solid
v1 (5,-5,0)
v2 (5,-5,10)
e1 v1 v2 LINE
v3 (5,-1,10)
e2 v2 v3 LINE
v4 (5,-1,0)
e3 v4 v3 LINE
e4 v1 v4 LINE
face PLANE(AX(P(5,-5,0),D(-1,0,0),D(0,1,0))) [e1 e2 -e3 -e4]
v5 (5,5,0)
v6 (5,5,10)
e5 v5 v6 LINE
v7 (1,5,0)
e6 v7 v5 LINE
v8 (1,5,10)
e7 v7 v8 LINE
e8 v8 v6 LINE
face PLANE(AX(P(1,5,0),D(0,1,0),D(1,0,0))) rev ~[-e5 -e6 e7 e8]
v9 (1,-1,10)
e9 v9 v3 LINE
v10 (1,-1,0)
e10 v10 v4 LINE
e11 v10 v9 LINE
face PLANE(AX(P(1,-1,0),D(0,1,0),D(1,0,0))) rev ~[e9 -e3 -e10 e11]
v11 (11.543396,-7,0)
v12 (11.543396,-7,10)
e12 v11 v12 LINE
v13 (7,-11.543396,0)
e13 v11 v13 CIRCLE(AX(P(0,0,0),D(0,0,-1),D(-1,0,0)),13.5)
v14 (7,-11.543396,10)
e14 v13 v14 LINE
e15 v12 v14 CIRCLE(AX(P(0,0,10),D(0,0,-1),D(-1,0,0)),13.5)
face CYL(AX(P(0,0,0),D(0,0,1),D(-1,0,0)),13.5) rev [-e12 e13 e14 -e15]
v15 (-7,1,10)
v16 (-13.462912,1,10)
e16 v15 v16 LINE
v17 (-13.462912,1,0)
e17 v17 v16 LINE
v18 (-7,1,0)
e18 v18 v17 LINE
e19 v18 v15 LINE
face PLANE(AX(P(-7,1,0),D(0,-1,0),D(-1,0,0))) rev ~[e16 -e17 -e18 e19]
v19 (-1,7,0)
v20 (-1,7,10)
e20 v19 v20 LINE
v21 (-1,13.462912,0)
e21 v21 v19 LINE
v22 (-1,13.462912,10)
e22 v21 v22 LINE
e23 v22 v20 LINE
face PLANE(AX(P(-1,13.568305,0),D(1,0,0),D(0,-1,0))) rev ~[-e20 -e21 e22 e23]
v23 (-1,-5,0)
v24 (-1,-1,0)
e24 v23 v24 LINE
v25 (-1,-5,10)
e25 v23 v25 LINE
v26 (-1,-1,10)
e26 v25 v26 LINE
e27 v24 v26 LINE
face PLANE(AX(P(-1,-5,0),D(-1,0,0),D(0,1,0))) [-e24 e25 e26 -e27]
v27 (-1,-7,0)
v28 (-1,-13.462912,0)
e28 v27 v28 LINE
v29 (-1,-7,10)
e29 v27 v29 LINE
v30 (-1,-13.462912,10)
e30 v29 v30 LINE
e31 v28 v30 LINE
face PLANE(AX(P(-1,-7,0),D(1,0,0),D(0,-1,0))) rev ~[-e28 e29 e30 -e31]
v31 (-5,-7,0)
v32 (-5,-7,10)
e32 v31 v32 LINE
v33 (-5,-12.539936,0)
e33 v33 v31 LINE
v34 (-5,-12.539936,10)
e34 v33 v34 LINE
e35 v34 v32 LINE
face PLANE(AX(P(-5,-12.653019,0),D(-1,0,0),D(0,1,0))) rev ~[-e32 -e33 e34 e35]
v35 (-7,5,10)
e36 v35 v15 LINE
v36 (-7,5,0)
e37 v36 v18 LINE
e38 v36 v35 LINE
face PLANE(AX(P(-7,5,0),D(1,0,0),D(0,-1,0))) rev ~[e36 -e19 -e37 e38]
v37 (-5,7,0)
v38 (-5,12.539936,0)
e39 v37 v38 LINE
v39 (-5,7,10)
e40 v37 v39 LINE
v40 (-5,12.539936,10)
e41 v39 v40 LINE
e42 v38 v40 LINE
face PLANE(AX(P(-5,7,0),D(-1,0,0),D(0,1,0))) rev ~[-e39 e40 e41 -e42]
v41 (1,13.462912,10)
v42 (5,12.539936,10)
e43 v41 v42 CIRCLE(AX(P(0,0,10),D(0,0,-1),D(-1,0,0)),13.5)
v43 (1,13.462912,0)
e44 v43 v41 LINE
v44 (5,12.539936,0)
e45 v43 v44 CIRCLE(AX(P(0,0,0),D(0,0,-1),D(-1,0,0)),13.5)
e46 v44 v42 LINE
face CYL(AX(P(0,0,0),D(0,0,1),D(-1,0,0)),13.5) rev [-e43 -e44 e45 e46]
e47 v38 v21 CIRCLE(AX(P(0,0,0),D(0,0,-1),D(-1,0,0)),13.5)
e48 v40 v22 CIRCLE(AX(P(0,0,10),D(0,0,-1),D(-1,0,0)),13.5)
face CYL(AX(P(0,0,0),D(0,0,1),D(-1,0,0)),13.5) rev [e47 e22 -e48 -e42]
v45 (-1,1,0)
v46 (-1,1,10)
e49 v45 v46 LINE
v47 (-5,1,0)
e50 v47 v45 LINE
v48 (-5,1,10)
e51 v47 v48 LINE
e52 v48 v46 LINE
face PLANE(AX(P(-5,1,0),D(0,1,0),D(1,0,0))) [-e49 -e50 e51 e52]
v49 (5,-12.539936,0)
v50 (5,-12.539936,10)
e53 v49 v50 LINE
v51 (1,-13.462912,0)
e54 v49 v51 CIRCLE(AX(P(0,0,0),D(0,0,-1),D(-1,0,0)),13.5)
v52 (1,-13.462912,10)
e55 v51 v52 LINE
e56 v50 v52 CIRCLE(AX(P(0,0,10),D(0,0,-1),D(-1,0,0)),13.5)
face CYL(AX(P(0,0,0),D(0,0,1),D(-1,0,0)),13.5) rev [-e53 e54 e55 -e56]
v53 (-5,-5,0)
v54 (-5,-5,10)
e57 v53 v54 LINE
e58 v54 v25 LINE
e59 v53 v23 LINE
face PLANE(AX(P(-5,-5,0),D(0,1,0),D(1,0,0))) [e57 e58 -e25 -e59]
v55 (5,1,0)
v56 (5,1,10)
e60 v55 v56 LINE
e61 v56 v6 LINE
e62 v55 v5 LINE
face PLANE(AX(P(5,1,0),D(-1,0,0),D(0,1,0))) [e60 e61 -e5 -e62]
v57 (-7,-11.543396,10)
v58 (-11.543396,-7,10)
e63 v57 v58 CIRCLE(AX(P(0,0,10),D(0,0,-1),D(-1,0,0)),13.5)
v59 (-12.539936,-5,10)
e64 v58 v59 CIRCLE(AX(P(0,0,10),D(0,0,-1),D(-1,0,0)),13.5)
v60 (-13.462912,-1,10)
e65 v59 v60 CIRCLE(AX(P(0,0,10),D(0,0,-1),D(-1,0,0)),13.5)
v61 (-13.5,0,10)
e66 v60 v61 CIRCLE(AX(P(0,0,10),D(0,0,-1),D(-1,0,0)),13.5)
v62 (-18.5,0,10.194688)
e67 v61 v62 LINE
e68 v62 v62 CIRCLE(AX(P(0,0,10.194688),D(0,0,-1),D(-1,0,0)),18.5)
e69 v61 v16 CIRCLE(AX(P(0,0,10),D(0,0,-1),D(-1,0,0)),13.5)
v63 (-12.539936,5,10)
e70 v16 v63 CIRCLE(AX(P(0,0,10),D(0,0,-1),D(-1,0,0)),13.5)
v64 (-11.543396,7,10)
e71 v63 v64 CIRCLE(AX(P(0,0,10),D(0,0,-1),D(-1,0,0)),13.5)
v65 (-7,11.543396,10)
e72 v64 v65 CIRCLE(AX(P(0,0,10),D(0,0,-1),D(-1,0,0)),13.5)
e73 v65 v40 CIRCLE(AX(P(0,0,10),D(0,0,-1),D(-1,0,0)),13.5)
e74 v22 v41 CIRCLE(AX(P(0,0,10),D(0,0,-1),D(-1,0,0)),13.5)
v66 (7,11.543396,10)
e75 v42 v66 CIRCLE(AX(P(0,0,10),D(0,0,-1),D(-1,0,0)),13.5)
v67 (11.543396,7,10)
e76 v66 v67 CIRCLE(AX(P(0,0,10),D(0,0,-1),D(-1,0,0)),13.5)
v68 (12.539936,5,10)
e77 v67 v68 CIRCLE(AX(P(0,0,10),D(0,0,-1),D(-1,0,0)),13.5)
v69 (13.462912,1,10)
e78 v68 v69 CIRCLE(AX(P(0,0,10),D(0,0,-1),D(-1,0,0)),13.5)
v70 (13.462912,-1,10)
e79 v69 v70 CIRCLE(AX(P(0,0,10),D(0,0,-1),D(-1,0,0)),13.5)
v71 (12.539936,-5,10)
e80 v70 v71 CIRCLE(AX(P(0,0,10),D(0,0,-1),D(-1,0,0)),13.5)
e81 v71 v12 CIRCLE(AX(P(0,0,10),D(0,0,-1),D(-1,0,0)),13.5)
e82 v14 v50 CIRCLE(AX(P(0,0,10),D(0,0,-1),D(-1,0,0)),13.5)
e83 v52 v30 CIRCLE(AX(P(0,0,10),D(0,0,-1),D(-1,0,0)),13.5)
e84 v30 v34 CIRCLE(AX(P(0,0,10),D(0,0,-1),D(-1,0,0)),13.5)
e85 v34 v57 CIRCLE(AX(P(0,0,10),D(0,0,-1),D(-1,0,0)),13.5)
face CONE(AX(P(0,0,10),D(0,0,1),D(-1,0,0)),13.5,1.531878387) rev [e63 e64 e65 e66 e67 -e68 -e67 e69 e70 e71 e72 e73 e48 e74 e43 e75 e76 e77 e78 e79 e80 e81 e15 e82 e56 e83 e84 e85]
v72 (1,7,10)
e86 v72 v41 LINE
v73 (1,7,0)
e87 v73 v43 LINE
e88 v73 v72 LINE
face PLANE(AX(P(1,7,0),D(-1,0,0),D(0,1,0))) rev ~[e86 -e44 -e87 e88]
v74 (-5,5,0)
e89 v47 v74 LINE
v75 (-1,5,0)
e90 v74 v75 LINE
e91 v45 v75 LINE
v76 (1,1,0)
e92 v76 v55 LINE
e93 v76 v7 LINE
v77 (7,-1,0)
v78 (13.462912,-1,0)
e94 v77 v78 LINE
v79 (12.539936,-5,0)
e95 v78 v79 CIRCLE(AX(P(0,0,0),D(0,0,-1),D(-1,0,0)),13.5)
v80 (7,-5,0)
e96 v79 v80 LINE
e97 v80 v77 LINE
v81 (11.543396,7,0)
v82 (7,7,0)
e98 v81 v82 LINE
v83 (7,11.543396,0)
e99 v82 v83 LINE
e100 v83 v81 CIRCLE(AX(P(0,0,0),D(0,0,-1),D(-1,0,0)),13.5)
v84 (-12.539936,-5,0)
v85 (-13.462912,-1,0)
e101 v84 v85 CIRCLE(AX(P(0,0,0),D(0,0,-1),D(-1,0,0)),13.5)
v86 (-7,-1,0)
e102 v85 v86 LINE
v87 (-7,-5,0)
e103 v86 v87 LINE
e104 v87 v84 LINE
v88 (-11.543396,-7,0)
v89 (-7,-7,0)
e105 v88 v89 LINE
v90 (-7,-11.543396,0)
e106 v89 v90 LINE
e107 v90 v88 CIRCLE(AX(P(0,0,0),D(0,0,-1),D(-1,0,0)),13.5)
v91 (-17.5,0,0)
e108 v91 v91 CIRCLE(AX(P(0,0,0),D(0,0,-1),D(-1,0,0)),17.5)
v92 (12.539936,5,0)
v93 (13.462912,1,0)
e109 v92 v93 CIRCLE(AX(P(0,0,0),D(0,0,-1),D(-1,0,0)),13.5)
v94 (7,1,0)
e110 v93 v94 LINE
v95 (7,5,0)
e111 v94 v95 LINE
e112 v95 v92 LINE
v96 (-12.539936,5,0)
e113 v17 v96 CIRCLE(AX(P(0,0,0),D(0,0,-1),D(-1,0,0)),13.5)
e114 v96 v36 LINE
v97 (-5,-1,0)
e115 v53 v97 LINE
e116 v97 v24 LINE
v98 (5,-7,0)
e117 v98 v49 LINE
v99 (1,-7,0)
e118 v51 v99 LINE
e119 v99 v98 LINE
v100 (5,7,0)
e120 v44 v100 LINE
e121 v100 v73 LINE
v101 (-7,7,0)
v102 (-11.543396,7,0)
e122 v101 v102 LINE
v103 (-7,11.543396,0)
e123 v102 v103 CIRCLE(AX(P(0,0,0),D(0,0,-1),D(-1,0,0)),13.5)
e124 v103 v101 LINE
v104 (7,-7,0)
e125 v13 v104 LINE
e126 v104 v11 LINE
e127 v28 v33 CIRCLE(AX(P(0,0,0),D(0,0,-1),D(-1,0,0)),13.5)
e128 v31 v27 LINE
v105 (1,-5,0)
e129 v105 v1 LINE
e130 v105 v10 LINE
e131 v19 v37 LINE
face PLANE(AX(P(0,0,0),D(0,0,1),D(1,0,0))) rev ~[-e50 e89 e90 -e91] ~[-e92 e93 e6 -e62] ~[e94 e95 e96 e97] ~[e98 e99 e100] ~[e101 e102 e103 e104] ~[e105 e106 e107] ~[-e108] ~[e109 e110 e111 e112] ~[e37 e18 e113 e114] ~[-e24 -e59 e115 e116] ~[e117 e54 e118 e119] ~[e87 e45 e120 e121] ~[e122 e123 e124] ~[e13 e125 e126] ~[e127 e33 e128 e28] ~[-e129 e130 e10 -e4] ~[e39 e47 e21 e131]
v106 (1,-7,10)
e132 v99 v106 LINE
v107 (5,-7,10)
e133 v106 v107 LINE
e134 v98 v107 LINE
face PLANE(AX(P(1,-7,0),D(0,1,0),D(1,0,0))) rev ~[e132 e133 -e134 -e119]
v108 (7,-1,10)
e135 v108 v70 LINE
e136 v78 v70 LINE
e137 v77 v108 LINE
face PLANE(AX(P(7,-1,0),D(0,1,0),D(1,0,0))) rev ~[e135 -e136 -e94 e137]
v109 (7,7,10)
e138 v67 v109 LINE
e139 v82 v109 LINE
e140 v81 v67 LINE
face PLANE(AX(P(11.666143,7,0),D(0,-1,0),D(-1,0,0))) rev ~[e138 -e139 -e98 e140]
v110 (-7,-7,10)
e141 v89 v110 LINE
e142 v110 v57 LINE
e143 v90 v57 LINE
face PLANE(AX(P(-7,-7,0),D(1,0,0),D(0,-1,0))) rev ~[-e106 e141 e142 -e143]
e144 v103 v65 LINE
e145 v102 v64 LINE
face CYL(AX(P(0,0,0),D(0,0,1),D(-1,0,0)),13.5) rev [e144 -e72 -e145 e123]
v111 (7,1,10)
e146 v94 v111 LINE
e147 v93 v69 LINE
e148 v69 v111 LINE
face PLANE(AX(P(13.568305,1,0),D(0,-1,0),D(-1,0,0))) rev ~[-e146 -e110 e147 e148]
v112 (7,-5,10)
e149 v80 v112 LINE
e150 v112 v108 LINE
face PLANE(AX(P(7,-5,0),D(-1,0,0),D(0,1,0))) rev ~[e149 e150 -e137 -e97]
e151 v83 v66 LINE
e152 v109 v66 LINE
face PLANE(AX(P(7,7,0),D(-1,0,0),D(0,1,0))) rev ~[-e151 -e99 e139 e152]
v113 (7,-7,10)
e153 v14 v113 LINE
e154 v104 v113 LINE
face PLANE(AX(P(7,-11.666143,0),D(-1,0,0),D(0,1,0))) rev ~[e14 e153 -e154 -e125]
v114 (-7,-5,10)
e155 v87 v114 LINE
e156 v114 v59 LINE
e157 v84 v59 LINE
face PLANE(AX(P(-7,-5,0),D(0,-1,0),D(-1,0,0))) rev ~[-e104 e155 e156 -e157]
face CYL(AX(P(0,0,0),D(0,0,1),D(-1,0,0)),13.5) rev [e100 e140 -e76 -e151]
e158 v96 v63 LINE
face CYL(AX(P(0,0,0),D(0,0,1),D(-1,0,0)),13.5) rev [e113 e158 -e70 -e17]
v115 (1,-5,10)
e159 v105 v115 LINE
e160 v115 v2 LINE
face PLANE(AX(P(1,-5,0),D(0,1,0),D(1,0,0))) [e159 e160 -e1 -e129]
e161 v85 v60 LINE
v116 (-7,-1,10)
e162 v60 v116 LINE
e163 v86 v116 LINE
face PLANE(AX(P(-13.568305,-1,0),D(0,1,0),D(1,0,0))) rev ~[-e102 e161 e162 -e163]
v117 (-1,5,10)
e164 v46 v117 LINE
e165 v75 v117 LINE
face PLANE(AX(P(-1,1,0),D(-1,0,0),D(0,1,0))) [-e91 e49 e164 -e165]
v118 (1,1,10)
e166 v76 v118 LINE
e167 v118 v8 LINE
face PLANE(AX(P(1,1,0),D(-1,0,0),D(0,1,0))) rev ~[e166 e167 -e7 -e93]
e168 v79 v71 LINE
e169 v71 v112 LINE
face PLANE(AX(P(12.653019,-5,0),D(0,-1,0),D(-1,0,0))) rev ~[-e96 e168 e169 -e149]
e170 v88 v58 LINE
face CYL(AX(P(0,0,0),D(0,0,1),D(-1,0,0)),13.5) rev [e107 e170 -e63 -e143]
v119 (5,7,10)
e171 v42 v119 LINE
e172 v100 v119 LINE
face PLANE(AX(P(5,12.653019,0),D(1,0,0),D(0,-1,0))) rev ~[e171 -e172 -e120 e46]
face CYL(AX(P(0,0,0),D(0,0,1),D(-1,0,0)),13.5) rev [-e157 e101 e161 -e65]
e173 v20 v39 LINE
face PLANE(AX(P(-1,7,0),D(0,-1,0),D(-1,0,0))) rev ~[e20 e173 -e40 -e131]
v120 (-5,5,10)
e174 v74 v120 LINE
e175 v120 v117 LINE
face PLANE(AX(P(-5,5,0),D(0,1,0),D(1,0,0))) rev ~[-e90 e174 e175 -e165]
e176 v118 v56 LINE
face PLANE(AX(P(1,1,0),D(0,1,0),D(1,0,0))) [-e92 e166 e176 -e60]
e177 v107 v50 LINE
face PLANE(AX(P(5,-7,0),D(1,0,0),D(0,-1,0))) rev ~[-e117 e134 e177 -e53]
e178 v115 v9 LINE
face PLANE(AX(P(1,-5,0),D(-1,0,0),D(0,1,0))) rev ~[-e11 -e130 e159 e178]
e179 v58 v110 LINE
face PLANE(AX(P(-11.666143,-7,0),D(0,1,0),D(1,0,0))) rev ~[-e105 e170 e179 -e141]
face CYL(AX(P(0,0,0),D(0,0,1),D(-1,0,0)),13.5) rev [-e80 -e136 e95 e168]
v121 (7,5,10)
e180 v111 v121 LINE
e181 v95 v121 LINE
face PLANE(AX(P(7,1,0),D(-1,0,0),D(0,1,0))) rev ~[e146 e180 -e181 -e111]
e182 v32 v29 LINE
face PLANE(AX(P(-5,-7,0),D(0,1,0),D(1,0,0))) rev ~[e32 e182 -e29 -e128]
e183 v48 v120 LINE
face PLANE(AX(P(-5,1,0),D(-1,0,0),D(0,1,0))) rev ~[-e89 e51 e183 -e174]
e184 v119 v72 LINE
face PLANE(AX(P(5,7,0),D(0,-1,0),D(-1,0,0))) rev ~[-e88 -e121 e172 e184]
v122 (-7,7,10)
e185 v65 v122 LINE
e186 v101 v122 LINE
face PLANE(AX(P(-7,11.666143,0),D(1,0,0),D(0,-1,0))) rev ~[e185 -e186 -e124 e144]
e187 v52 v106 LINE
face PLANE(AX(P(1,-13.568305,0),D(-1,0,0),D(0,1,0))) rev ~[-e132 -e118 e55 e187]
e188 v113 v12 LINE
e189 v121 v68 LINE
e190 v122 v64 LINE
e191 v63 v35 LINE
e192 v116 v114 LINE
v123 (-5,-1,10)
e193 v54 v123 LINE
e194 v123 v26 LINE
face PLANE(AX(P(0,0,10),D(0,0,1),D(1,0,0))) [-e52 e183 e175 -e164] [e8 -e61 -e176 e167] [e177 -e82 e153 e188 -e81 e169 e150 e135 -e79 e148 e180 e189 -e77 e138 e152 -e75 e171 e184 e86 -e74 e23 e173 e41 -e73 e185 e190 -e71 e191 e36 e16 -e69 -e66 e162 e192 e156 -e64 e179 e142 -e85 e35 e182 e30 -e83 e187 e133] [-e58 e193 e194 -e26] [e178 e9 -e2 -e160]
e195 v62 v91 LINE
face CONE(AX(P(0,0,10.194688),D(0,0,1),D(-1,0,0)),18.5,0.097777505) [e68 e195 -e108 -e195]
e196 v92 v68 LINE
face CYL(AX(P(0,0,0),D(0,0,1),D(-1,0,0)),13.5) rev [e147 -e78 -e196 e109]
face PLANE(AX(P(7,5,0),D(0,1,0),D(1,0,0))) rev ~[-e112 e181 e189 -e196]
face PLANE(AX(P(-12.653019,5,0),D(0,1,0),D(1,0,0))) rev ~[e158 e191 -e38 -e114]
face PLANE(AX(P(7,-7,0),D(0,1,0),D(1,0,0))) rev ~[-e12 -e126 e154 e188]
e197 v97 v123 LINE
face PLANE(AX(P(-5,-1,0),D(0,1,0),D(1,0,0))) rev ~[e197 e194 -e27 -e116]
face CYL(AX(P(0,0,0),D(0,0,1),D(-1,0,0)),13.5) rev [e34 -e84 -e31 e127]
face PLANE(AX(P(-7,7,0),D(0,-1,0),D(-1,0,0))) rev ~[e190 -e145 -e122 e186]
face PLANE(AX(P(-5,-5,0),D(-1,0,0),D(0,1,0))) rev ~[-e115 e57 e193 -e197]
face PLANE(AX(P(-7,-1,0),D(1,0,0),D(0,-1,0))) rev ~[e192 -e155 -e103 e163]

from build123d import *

# Parameters (mm, degrees)
F2_W     = 4
F2_H     = 4
F3_DEPTH = 10


with BuildPart() as f1:
    # F0 (on Front) → F1 (revolve)
    with BuildSketch(Plane.XZ):
        Polygon((-18.5, 10.194688), (-17.5, 0), (-13.5, 0), (-13.5, 10), align=None)
    revolve(axis=Axis((0, 0, 3.021993), (0, 0, -1)))

    # F2 (on Top) → F3 (join)
    with BuildSketch(Plane.XY):
        with BuildLine():
            Line((-7, 7), (-11.666143, 7))
            ThreePointArc((-11.666143, 7), (-12.200632, 6.020256), (-12.653019, 5))
            Line((-12.653019, 5), (-7, 5))
            Line((-7, 5), (-7, 1))
            Line((-7, 1), (-13.568305, 1))
            ThreePointArc((-13.568305, 1), (-13.605106, 0), (-13.568305, -1))
            Line((-13.568305, -1), (-7, -1))
            Line((-7, -1), (-7, -5))
            Line((-7, -5), (-12.653019, -5))
            ThreePointArc((-12.653019, -5), (-12.200632, -6.020256), (-11.666143, -7))
            Line((-11.666143, -7), (-7, -7))
            Line((-7, -7), (-7, -11.666143))
            ThreePointArc((-7, -11.666143), (-6.020256, -12.200632), (-5, -12.653019))
            Line((-5, -12.653019), (-5, -7))
            Line((-5, -7), (-1, -7))
            Line((-1, -7), (-1, -13.568305))
            ThreePointArc((-1, -13.568305), (0, -13.605106), (1, -13.568305))
            Line((1, -13.568305), (1, -7))
            Line((1, -7), (5, -7))
            Line((5, -7), (5, -12.653019))
            ThreePointArc((5, -12.653019), (6.020256, -12.200632), (7, -11.666143))
            Line((7, -11.666143), (7, -7))
            Line((7, -7), (11.666143, -7))
            ThreePointArc((11.666143, -7), (12.200632, -6.020256), (12.653019, -5))
            Line((12.653019, -5), (7, -5))
            Line((7, -5), (7, -1))
            Line((7, -1), (13.568305, -1))
            ThreePointArc((13.568305, -1), (13.605106, 0), (13.568305, 1))
            Line((13.568305, 1), (7, 1))
            Line((7, 1), (7, 5))
            Line((7, 5), (12.653019, 5))
            ThreePointArc((12.653019, 5), (12.200632, 6.020256), (11.666143, 7))
            Line((11.666143, 7), (7, 7))
            Line((7, 7), (7, 11.666143))
            ThreePointArc((7, 11.666143), (6.020256, 12.200632), (5, 12.653019))
            Line((5, 12.653019), (5, 7))
            Line((5, 7), (1, 7))
            Line((1, 7), (1, 13.568305))
            ThreePointArc((1, 13.568305), (0, 13.605106), (-1, 13.568305))
            Line((-1, 13.568305), (-1, 7))
            Line((-1, 7), (-5, 7))
            Line((-5, 7), (-5, 12.653019))
            ThreePointArc((-5, 12.653019), (-6.020256, 12.200632), (-7, 11.666143))
            Line((-7, 11.666143), (-7, 7))
        make_face()
        with Locations((-3, -3)):
            Rectangle(F2_W, F2_H, mode=Mode.SUBTRACT)
        with Locations((3, -3)):
            Rectangle(F2_W, F2_H, mode=Mode.SUBTRACT)
        with Locations((-3, 3)):
            Rectangle(F2_W, F2_H, mode=Mode.SUBTRACT)
        with Locations((3, 3)):
            Rectangle(F2_W, F2_H, mode=Mode.SUBTRACT)
    extrude(amount=F3_DEPTH)


solid = f1.part
